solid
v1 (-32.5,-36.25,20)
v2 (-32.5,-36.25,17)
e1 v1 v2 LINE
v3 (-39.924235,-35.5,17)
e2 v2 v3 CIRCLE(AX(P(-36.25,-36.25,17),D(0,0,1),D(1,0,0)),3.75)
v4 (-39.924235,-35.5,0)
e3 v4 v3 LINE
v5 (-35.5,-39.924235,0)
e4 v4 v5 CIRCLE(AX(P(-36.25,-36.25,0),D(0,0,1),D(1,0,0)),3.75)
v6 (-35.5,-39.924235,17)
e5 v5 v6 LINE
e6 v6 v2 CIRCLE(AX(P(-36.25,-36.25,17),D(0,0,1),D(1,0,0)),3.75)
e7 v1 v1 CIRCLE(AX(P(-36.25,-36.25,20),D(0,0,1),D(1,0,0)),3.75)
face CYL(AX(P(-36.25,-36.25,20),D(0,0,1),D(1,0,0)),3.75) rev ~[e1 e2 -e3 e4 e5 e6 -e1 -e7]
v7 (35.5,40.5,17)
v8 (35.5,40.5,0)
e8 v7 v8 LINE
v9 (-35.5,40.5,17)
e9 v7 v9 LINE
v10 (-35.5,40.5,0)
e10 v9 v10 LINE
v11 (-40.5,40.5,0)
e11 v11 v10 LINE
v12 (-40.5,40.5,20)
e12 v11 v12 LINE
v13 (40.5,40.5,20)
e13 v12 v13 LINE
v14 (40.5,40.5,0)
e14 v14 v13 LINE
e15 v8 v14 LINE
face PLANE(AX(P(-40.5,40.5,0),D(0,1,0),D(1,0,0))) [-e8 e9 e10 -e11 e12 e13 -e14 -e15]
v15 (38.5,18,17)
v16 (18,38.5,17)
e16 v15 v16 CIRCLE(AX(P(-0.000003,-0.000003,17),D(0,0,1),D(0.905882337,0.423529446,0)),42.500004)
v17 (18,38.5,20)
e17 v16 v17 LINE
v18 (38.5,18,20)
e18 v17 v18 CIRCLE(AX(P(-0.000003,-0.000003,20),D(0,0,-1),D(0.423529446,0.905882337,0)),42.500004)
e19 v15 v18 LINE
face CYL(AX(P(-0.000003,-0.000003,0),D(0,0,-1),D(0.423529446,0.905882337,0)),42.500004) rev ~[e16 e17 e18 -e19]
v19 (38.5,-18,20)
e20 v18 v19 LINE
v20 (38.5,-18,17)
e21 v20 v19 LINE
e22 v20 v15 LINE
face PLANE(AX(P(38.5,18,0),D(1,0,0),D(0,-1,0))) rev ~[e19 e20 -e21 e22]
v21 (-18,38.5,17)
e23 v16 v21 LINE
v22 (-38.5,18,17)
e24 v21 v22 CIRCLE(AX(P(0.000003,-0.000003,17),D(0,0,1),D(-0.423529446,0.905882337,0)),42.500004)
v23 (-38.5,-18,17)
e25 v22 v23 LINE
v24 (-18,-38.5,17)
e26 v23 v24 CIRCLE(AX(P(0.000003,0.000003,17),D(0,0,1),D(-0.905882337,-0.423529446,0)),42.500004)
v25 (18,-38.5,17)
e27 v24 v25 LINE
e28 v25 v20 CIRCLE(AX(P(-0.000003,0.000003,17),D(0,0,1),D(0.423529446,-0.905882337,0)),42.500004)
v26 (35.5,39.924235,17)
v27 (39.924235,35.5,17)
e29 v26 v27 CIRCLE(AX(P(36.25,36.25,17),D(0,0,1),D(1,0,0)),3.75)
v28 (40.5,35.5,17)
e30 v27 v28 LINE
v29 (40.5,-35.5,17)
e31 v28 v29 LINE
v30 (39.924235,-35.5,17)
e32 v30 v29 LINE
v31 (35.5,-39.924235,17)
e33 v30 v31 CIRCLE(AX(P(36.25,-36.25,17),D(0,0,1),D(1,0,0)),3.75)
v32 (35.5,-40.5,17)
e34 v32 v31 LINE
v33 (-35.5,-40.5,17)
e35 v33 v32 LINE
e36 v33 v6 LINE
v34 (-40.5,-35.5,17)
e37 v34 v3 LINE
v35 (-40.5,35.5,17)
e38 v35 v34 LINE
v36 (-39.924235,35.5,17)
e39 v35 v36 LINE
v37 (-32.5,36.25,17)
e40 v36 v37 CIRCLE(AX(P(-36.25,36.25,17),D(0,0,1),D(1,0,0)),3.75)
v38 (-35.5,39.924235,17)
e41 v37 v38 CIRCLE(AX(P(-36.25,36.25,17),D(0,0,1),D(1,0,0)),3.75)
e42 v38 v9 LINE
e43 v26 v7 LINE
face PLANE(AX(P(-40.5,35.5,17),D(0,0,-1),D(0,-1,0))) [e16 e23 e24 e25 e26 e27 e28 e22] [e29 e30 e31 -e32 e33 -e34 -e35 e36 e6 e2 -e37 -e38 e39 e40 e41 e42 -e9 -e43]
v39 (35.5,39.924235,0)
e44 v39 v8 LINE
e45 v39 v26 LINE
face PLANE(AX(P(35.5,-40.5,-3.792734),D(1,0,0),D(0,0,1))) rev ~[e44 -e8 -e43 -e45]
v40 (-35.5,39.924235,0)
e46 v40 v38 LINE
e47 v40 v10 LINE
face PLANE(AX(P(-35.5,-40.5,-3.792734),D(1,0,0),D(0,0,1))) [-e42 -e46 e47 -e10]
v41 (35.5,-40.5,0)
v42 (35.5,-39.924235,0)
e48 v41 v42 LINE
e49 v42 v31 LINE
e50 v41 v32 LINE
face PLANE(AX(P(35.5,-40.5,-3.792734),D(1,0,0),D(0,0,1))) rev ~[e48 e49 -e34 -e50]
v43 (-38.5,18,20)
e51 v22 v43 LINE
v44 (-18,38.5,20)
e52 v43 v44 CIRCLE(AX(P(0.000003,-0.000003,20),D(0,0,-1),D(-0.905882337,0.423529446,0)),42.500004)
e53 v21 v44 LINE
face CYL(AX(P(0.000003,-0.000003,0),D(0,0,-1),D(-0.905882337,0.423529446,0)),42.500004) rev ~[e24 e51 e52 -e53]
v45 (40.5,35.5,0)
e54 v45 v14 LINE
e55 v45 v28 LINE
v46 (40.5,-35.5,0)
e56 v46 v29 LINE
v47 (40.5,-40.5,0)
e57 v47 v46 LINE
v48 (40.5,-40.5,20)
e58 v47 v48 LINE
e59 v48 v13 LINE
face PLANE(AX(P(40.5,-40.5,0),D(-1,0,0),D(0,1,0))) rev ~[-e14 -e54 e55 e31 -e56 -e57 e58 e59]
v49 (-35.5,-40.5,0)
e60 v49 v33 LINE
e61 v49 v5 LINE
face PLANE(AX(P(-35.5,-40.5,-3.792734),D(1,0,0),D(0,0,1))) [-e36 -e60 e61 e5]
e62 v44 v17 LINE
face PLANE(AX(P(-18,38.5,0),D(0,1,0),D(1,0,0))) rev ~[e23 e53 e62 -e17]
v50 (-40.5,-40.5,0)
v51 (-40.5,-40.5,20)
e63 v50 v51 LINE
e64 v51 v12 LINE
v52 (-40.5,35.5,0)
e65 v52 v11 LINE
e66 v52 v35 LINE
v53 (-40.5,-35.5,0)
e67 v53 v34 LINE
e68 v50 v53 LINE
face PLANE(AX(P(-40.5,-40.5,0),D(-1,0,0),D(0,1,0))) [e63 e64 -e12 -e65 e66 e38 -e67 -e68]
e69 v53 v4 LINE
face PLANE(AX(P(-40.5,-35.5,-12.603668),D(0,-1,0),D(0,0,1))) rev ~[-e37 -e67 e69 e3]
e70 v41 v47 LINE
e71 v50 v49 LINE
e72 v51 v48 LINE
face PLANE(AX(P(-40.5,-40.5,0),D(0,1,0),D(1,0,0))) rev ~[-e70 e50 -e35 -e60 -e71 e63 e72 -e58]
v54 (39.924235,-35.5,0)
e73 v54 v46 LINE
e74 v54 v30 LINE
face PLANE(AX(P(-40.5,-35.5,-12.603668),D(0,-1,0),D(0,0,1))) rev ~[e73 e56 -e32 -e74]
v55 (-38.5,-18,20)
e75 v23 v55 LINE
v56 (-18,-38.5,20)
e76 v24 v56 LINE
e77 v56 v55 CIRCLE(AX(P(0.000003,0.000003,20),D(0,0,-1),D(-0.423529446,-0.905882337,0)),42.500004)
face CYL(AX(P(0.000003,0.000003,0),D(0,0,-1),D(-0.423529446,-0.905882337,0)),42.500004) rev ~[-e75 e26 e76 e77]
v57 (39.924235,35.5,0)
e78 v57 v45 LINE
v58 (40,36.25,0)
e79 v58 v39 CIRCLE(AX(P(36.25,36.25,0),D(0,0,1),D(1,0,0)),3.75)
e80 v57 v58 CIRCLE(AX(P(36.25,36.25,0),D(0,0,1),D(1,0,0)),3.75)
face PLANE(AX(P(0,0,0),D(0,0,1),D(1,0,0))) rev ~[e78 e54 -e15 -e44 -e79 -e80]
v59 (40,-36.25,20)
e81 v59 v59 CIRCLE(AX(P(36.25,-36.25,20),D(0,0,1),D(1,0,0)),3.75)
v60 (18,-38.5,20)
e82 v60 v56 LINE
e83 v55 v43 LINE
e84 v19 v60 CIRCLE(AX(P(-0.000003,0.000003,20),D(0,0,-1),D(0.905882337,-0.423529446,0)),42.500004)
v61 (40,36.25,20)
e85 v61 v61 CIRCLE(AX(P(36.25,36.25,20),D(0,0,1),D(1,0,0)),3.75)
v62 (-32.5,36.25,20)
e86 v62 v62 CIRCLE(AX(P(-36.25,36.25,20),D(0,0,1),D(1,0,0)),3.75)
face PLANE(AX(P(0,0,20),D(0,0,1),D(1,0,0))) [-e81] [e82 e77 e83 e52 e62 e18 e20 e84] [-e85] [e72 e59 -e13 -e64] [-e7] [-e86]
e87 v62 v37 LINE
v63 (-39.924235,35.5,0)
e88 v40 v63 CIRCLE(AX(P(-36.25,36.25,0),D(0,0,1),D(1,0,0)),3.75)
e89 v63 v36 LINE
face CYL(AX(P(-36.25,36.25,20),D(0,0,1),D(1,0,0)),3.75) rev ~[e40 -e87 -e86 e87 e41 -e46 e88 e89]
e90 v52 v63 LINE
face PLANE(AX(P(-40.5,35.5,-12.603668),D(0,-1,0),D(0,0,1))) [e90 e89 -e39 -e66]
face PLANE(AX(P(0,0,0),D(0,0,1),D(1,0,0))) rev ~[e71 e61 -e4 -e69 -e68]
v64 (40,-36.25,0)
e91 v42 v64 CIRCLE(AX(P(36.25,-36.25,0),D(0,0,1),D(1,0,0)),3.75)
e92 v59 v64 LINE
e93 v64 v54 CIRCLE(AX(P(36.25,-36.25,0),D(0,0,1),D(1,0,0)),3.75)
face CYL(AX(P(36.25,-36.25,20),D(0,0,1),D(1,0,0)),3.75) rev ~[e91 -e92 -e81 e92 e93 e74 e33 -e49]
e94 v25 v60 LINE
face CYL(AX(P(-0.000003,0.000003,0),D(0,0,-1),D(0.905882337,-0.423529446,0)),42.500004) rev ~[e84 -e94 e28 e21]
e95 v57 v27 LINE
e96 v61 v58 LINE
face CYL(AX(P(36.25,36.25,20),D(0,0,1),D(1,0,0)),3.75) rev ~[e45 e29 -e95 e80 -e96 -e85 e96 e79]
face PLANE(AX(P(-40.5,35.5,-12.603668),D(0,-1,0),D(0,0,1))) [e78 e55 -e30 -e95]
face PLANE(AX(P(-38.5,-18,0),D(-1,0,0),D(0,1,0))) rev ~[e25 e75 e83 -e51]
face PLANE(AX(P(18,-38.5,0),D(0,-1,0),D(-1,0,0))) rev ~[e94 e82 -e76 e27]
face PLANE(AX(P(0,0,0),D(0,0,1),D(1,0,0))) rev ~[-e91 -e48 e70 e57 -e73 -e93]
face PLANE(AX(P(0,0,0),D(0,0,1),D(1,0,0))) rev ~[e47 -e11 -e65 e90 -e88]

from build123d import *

# Parameters (mm, degrees)
F0_W     = 81
F0_H     = 81
F1_DEPTH = 20
F2_W     = 71
F2_H     = 20.792734
F3_DEPTH = 81.001
F4_W     = 71
F4_H     = 29.603668
F5_DEPTH = 81.001
F6_R     = 3.75
F7_DEPTH = 20.001


with BuildPart() as f1:
    # F0 (on Top) → F1 (new body)
    with BuildSketch(Plane.XY):
        Rectangle(F0_W, F0_H)
        with BuildLine():
            ThreePointArc((-38.5, 18), (-30.052038, 30.052038), (-18, 38.5))
            Line((-18, 38.5), (18, 38.5))
            ThreePointArc((18, 38.5), (30.052038, 30.052038), (38.5, 18))
            Line((38.5, 18), (38.5, -18))
            ThreePointArc((38.5, -18), (30.052038, -30.052038), (18, -38.5))
            Line((18, -38.5), (-18, -38.5))
            ThreePointArc((-18, -38.5), (-30.052038, -30.052038), (-38.5, -18))
            Line((-38.5, -18), (-38.5, 18))
        make_face(mode=Mode.SUBTRACT)
    extrude(amount=F1_DEPTH)

    # F2 (on face) → F3 (cut, through all)
    with BuildSketch(Plane.XZ.offset(40.5)):
        with Locations((0, 6.603633)):
            Rectangle(F2_W, F2_H)
    extrude(amount=-F3_DEPTH, mode=Mode.SUBTRACT)

    # F4 (on face) → F5 (cut, through all)
    with BuildSketch(Plane(origin=(-40.5, 0, 0), x_dir=(0, -1, 0), z_dir=(-1, 0, 0))):
        with Locations((0, 2.198166)):
            Rectangle(F4_W, F4_H)
    extrude(amount=-F5_DEPTH, mode=Mode.SUBTRACT)

    # F6 (on face) → F7 (cut, through all)
    with BuildSketch(Plane.XY.offset(20)):
        with Locations((-36.25, 36.25)):
            Circle(F6_R)
        with Locations((36.25, 36.25)):
            Circle(F6_R)
        with Locations((-36.25, -36.25)):
            Circle(F6_R)
        with Locations((36.25, -36.25)):
            Circle(F6_R)
    extrude(amount=-F7_DEPTH, mode=Mode.SUBTRACT)


solid = f1.part
